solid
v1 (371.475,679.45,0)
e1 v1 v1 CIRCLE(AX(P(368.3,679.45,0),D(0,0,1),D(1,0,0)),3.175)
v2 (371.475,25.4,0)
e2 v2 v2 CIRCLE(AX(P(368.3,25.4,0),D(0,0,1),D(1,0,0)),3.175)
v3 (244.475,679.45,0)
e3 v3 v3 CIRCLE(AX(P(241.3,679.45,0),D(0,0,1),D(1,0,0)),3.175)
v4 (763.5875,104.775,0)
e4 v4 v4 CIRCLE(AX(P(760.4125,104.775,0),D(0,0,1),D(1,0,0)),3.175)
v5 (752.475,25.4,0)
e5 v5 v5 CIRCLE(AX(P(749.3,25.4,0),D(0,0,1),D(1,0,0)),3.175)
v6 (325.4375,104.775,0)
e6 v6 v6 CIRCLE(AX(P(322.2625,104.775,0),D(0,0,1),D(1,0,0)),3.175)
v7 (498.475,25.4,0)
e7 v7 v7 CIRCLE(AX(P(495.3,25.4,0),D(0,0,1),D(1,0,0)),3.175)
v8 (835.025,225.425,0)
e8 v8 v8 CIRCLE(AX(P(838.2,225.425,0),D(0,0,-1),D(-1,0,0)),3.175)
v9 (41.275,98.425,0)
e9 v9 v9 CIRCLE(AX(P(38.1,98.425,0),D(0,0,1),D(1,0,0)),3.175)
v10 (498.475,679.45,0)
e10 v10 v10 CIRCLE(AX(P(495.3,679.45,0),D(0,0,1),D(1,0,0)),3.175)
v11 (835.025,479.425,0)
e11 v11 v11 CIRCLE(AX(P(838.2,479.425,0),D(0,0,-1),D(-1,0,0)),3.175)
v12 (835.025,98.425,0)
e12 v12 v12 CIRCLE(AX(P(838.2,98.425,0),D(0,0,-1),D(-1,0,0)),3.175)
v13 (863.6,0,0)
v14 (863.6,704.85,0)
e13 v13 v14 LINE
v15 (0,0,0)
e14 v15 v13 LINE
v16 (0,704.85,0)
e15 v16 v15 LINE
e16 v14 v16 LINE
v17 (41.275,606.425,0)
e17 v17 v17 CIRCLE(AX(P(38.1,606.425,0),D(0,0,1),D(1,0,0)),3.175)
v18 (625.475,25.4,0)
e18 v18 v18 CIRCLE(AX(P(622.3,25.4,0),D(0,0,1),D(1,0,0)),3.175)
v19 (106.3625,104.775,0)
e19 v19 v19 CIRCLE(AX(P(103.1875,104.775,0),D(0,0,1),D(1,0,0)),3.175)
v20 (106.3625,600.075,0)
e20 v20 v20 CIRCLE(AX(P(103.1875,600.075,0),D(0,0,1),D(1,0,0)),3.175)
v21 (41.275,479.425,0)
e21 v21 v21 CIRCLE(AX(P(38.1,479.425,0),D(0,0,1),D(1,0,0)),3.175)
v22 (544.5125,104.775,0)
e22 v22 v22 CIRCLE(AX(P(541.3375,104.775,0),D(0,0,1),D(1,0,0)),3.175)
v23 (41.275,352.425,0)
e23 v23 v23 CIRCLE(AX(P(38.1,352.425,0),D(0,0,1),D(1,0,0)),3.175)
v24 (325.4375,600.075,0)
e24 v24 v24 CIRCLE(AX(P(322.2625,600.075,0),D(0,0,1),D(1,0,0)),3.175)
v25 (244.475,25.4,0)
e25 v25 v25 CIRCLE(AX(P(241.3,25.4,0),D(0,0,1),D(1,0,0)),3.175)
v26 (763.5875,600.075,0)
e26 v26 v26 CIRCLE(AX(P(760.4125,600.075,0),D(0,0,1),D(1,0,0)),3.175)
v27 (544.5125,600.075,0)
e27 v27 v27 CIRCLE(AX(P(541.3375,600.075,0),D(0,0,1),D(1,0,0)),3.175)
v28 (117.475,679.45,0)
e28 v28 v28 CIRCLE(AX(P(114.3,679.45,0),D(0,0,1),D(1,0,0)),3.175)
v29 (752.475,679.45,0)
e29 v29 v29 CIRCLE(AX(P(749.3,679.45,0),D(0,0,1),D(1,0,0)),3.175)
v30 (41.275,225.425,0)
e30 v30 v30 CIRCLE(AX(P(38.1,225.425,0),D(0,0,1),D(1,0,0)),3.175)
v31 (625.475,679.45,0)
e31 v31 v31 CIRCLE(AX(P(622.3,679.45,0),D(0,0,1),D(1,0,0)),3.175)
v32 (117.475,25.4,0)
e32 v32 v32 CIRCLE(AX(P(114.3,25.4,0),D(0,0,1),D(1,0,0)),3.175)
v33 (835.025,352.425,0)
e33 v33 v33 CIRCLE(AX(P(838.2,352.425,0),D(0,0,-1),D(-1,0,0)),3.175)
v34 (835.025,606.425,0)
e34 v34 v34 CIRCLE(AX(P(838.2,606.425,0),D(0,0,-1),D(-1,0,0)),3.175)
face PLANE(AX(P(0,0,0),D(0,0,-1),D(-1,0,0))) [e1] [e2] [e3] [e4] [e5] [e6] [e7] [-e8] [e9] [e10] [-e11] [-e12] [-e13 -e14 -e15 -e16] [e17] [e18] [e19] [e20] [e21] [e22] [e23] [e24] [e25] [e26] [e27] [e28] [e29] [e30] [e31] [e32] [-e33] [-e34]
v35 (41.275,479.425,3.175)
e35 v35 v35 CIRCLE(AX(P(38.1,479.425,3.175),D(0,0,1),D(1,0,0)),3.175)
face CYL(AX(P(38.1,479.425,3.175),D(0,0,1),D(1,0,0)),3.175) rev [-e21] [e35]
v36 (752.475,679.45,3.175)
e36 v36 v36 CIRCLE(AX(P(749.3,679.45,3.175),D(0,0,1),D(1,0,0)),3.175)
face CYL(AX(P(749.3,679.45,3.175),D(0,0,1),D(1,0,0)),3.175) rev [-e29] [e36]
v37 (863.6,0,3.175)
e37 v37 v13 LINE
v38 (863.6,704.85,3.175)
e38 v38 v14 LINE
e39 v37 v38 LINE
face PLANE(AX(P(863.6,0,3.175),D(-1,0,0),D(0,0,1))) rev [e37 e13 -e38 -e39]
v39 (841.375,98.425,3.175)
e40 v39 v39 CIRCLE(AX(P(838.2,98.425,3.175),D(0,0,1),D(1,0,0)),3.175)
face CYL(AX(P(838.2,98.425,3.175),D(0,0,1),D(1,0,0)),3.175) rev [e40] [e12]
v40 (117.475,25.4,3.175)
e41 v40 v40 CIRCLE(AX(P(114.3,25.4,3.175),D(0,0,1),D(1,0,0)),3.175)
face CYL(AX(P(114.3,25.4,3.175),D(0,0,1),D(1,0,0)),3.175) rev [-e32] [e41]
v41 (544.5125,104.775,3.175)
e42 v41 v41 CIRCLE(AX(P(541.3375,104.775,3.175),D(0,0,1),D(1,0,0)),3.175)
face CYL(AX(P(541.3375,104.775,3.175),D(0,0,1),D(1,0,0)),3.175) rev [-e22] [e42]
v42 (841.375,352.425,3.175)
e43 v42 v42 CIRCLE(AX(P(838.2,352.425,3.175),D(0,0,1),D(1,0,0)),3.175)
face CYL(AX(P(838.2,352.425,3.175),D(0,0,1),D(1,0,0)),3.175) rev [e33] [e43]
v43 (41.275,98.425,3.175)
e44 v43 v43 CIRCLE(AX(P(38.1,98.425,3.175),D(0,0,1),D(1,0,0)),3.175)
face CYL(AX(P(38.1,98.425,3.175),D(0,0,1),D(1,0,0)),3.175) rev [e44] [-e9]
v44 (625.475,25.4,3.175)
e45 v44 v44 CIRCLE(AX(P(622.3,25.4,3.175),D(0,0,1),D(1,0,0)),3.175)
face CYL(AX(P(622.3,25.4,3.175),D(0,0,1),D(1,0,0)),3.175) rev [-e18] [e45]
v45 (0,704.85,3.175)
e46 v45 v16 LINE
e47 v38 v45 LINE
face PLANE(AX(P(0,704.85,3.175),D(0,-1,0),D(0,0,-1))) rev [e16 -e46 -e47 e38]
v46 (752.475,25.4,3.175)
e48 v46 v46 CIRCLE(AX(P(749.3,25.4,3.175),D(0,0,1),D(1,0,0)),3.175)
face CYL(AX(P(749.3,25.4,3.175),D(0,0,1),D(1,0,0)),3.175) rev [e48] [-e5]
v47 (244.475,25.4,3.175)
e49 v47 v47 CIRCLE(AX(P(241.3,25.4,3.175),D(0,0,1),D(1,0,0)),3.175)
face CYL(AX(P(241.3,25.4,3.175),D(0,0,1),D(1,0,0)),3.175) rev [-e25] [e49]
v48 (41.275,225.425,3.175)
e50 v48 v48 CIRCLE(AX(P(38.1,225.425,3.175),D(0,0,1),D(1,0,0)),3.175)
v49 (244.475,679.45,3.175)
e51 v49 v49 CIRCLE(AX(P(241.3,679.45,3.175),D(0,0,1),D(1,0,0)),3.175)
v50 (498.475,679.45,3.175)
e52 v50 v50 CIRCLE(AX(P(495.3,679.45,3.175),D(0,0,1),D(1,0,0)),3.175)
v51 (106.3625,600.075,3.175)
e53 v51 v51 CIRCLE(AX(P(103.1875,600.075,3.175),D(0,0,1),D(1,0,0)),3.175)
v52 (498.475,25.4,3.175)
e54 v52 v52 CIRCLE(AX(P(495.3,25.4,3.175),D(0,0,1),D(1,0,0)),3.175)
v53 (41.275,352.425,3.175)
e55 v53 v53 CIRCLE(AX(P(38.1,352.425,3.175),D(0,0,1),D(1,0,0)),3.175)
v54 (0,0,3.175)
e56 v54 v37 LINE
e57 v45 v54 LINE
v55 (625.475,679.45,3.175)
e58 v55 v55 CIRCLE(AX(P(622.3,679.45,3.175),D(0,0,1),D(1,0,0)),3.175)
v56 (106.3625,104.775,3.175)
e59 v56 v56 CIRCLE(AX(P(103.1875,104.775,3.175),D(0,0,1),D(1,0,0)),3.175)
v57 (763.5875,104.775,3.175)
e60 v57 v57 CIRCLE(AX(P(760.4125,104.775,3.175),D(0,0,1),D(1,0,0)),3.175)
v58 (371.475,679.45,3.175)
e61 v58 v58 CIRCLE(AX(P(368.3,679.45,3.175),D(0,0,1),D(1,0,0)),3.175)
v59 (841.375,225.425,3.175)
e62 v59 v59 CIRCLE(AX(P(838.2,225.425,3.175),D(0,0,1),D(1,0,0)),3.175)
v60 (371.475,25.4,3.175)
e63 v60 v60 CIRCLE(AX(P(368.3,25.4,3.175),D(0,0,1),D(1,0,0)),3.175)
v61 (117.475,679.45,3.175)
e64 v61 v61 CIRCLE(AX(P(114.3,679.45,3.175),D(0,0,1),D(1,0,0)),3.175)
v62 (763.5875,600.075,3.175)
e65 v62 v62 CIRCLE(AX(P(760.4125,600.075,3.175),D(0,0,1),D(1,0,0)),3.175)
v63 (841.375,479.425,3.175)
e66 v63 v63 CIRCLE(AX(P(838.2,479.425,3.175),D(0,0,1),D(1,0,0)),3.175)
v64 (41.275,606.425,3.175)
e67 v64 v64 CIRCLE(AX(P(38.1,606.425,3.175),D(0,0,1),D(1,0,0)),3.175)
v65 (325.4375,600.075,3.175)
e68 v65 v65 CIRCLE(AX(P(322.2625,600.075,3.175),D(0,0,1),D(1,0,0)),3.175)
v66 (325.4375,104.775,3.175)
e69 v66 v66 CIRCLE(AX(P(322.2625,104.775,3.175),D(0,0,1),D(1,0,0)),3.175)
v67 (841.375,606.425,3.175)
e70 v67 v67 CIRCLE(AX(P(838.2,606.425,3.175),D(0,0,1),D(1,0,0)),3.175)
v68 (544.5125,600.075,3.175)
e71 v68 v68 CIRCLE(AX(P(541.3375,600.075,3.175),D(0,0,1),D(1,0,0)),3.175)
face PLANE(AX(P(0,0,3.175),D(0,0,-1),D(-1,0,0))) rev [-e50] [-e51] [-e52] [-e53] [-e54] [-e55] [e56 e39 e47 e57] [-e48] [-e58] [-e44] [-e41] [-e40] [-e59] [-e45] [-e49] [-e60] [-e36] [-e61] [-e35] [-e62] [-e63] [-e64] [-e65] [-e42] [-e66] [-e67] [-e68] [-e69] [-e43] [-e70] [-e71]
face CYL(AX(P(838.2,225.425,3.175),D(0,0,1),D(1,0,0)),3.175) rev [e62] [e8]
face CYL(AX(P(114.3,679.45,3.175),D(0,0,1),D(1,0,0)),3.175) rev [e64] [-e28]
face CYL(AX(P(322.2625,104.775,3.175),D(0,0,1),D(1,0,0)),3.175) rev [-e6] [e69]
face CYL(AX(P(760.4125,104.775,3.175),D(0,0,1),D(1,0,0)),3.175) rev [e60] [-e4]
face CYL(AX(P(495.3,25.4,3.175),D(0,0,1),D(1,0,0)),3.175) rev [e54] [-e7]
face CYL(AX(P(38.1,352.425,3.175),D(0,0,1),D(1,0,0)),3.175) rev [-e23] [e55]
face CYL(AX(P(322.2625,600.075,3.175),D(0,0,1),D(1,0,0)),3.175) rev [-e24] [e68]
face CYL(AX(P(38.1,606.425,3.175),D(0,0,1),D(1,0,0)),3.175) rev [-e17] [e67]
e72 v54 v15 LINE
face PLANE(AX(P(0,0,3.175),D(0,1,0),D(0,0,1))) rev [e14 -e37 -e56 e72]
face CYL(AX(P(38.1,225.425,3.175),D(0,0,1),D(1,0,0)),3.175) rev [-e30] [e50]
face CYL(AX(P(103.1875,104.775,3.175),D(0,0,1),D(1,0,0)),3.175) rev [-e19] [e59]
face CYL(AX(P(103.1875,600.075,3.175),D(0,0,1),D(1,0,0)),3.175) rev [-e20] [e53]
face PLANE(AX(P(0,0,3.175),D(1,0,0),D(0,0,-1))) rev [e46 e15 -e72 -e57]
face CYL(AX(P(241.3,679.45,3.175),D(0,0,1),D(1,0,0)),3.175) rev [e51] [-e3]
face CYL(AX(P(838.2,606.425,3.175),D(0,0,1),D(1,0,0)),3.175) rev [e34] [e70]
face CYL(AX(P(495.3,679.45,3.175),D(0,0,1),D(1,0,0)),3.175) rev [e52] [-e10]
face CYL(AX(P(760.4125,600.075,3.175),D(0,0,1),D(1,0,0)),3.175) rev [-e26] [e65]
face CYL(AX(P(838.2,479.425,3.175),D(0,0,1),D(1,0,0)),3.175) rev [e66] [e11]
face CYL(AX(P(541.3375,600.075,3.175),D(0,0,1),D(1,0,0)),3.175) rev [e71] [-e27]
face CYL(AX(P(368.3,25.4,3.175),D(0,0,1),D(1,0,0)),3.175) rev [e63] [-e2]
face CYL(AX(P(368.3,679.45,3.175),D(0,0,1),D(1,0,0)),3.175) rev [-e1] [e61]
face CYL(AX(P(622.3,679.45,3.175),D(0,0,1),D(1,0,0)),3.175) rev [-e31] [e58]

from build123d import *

# Parameters (mm, degrees)
SKETCH1_W                   = 863.6
SKETCH1_H                   = 704.85
BOSS_EXTRUDE1_DEPTH         = 3.175
F_1_4_0_25_DIAMETER_HOLE4_D = 6.35
LPATTERN1_COUNT             = 5
LPATTERN1_PITCH             = 127
F_1_4_0_25_DIAMETER_HOLE2_D = 6.35
LPATTERN2_COUNT             = 6
LPATTERN2_PITCH             = 127
LPATTERN2_COUNT_DIR2        = 2
LPATTERN2_PITCH_DIR2        = 654.05
F_1_4_0_25_DIAMETER_HOLE3_D = 6.35
LPATTERN3_COUNT             = 5
LPATTERN3_PITCH             = 127
F_1_4_0_25_DIAMETER_HOLE5_D = 6.35
LPATTERN4_COUNT             = 4
LPATTERN4_PITCH             = 219.075
LPATTERN4_COUNT_DIR2        = 2
LPATTERN4_PITCH_DIR2        = 495.3


with BuildPart() as part:
    # Sketch1 → Boss-Extrude1 (new body)
    with BuildSketch(Plane.XY):
        with Locations((431.8, 352.425)):
            Rectangle(SKETCH1_W, SKETCH1_H)
    extrude(amount=BOSS_EXTRUDE1_DEPTH)

    # 1/4 (0.25) Diameter Hole4 (through all)
    with Locations(Plane.XY.offset(3.175)):
        with Locations((38.1, 98.425)):
            f_1_4_0_25_diameter_hole4 = Hole(F_1_4_0_25_DIAMETER_HOLE4_D / 2)

    # LPattern1: 1/4 (0.25) Diameter Hole4 ×5
    with Locations(*[(0, i * LPATTERN1_PITCH, 0) for i in range(1, LPATTERN1_COUNT)]):
        add(f_1_4_0_25_diameter_hole4, mode=Mode.SUBTRACT)

    # 1/4 (0.25) Diameter Hole2 (through all)
    with Locations(Plane.XY.offset(3.175)):
        with Locations((749.3, 25.4)):
            f_1_4_0_25_diameter_hole2 = Hole(F_1_4_0_25_DIAMETER_HOLE2_D / 2)

    # LPattern2: 1_4 _0.25_ Diameter Hole2 6 × 2
    with Locations(*[(-i * LPATTERN2_PITCH, j * LPATTERN2_PITCH_DIR2, 0) for i in range(LPATTERN2_COUNT) for j in range(LPATTERN2_COUNT_DIR2) if (i, j) != (0, 0)]):
        add(f_1_4_0_25_diameter_hole2, mode=Mode.SUBTRACT)

    # 1/4 (0.25) Diameter Hole3 (through all)
    with Locations(Plane.XY.offset(3.175)):
        with Locations((838.2, 98.425)):
            f_1_4_0_25_diameter_hole3 = Hole(F_1_4_0_25_DIAMETER_HOLE3_D / 2)

    # LPattern3: 1/4 (0.25) Diameter Hole3 ×5
    with Locations(*[(0, i * LPATTERN3_PITCH, 0) for i in range(1, LPATTERN3_COUNT)]):
        add(f_1_4_0_25_diameter_hole3, mode=Mode.SUBTRACT)

    # 1/4 (0.25) Diameter Hole5 (through all)
    with Locations(Plane.XY.offset(3.175)):
        with Locations((103.1875, 104.775)):
            f_1_4_0_25_diameter_hole5 = Hole(F_1_4_0_25_DIAMETER_HOLE5_D / 2)

    # LPattern4: 1_4 _0.25_ Diameter Hole5 4 × 2
    with Locations(*[(i * LPATTERN4_PITCH, j * LPATTERN4_PITCH_DIR2, 0) for i in range(LPATTERN4_COUNT) for j in range(LPATTERN4_COUNT_DIR2) if (i, j) != (0, 0)]):
        add(f_1_4_0_25_diameter_hole5, mode=Mode.SUBTRACT)


solid = part.part
